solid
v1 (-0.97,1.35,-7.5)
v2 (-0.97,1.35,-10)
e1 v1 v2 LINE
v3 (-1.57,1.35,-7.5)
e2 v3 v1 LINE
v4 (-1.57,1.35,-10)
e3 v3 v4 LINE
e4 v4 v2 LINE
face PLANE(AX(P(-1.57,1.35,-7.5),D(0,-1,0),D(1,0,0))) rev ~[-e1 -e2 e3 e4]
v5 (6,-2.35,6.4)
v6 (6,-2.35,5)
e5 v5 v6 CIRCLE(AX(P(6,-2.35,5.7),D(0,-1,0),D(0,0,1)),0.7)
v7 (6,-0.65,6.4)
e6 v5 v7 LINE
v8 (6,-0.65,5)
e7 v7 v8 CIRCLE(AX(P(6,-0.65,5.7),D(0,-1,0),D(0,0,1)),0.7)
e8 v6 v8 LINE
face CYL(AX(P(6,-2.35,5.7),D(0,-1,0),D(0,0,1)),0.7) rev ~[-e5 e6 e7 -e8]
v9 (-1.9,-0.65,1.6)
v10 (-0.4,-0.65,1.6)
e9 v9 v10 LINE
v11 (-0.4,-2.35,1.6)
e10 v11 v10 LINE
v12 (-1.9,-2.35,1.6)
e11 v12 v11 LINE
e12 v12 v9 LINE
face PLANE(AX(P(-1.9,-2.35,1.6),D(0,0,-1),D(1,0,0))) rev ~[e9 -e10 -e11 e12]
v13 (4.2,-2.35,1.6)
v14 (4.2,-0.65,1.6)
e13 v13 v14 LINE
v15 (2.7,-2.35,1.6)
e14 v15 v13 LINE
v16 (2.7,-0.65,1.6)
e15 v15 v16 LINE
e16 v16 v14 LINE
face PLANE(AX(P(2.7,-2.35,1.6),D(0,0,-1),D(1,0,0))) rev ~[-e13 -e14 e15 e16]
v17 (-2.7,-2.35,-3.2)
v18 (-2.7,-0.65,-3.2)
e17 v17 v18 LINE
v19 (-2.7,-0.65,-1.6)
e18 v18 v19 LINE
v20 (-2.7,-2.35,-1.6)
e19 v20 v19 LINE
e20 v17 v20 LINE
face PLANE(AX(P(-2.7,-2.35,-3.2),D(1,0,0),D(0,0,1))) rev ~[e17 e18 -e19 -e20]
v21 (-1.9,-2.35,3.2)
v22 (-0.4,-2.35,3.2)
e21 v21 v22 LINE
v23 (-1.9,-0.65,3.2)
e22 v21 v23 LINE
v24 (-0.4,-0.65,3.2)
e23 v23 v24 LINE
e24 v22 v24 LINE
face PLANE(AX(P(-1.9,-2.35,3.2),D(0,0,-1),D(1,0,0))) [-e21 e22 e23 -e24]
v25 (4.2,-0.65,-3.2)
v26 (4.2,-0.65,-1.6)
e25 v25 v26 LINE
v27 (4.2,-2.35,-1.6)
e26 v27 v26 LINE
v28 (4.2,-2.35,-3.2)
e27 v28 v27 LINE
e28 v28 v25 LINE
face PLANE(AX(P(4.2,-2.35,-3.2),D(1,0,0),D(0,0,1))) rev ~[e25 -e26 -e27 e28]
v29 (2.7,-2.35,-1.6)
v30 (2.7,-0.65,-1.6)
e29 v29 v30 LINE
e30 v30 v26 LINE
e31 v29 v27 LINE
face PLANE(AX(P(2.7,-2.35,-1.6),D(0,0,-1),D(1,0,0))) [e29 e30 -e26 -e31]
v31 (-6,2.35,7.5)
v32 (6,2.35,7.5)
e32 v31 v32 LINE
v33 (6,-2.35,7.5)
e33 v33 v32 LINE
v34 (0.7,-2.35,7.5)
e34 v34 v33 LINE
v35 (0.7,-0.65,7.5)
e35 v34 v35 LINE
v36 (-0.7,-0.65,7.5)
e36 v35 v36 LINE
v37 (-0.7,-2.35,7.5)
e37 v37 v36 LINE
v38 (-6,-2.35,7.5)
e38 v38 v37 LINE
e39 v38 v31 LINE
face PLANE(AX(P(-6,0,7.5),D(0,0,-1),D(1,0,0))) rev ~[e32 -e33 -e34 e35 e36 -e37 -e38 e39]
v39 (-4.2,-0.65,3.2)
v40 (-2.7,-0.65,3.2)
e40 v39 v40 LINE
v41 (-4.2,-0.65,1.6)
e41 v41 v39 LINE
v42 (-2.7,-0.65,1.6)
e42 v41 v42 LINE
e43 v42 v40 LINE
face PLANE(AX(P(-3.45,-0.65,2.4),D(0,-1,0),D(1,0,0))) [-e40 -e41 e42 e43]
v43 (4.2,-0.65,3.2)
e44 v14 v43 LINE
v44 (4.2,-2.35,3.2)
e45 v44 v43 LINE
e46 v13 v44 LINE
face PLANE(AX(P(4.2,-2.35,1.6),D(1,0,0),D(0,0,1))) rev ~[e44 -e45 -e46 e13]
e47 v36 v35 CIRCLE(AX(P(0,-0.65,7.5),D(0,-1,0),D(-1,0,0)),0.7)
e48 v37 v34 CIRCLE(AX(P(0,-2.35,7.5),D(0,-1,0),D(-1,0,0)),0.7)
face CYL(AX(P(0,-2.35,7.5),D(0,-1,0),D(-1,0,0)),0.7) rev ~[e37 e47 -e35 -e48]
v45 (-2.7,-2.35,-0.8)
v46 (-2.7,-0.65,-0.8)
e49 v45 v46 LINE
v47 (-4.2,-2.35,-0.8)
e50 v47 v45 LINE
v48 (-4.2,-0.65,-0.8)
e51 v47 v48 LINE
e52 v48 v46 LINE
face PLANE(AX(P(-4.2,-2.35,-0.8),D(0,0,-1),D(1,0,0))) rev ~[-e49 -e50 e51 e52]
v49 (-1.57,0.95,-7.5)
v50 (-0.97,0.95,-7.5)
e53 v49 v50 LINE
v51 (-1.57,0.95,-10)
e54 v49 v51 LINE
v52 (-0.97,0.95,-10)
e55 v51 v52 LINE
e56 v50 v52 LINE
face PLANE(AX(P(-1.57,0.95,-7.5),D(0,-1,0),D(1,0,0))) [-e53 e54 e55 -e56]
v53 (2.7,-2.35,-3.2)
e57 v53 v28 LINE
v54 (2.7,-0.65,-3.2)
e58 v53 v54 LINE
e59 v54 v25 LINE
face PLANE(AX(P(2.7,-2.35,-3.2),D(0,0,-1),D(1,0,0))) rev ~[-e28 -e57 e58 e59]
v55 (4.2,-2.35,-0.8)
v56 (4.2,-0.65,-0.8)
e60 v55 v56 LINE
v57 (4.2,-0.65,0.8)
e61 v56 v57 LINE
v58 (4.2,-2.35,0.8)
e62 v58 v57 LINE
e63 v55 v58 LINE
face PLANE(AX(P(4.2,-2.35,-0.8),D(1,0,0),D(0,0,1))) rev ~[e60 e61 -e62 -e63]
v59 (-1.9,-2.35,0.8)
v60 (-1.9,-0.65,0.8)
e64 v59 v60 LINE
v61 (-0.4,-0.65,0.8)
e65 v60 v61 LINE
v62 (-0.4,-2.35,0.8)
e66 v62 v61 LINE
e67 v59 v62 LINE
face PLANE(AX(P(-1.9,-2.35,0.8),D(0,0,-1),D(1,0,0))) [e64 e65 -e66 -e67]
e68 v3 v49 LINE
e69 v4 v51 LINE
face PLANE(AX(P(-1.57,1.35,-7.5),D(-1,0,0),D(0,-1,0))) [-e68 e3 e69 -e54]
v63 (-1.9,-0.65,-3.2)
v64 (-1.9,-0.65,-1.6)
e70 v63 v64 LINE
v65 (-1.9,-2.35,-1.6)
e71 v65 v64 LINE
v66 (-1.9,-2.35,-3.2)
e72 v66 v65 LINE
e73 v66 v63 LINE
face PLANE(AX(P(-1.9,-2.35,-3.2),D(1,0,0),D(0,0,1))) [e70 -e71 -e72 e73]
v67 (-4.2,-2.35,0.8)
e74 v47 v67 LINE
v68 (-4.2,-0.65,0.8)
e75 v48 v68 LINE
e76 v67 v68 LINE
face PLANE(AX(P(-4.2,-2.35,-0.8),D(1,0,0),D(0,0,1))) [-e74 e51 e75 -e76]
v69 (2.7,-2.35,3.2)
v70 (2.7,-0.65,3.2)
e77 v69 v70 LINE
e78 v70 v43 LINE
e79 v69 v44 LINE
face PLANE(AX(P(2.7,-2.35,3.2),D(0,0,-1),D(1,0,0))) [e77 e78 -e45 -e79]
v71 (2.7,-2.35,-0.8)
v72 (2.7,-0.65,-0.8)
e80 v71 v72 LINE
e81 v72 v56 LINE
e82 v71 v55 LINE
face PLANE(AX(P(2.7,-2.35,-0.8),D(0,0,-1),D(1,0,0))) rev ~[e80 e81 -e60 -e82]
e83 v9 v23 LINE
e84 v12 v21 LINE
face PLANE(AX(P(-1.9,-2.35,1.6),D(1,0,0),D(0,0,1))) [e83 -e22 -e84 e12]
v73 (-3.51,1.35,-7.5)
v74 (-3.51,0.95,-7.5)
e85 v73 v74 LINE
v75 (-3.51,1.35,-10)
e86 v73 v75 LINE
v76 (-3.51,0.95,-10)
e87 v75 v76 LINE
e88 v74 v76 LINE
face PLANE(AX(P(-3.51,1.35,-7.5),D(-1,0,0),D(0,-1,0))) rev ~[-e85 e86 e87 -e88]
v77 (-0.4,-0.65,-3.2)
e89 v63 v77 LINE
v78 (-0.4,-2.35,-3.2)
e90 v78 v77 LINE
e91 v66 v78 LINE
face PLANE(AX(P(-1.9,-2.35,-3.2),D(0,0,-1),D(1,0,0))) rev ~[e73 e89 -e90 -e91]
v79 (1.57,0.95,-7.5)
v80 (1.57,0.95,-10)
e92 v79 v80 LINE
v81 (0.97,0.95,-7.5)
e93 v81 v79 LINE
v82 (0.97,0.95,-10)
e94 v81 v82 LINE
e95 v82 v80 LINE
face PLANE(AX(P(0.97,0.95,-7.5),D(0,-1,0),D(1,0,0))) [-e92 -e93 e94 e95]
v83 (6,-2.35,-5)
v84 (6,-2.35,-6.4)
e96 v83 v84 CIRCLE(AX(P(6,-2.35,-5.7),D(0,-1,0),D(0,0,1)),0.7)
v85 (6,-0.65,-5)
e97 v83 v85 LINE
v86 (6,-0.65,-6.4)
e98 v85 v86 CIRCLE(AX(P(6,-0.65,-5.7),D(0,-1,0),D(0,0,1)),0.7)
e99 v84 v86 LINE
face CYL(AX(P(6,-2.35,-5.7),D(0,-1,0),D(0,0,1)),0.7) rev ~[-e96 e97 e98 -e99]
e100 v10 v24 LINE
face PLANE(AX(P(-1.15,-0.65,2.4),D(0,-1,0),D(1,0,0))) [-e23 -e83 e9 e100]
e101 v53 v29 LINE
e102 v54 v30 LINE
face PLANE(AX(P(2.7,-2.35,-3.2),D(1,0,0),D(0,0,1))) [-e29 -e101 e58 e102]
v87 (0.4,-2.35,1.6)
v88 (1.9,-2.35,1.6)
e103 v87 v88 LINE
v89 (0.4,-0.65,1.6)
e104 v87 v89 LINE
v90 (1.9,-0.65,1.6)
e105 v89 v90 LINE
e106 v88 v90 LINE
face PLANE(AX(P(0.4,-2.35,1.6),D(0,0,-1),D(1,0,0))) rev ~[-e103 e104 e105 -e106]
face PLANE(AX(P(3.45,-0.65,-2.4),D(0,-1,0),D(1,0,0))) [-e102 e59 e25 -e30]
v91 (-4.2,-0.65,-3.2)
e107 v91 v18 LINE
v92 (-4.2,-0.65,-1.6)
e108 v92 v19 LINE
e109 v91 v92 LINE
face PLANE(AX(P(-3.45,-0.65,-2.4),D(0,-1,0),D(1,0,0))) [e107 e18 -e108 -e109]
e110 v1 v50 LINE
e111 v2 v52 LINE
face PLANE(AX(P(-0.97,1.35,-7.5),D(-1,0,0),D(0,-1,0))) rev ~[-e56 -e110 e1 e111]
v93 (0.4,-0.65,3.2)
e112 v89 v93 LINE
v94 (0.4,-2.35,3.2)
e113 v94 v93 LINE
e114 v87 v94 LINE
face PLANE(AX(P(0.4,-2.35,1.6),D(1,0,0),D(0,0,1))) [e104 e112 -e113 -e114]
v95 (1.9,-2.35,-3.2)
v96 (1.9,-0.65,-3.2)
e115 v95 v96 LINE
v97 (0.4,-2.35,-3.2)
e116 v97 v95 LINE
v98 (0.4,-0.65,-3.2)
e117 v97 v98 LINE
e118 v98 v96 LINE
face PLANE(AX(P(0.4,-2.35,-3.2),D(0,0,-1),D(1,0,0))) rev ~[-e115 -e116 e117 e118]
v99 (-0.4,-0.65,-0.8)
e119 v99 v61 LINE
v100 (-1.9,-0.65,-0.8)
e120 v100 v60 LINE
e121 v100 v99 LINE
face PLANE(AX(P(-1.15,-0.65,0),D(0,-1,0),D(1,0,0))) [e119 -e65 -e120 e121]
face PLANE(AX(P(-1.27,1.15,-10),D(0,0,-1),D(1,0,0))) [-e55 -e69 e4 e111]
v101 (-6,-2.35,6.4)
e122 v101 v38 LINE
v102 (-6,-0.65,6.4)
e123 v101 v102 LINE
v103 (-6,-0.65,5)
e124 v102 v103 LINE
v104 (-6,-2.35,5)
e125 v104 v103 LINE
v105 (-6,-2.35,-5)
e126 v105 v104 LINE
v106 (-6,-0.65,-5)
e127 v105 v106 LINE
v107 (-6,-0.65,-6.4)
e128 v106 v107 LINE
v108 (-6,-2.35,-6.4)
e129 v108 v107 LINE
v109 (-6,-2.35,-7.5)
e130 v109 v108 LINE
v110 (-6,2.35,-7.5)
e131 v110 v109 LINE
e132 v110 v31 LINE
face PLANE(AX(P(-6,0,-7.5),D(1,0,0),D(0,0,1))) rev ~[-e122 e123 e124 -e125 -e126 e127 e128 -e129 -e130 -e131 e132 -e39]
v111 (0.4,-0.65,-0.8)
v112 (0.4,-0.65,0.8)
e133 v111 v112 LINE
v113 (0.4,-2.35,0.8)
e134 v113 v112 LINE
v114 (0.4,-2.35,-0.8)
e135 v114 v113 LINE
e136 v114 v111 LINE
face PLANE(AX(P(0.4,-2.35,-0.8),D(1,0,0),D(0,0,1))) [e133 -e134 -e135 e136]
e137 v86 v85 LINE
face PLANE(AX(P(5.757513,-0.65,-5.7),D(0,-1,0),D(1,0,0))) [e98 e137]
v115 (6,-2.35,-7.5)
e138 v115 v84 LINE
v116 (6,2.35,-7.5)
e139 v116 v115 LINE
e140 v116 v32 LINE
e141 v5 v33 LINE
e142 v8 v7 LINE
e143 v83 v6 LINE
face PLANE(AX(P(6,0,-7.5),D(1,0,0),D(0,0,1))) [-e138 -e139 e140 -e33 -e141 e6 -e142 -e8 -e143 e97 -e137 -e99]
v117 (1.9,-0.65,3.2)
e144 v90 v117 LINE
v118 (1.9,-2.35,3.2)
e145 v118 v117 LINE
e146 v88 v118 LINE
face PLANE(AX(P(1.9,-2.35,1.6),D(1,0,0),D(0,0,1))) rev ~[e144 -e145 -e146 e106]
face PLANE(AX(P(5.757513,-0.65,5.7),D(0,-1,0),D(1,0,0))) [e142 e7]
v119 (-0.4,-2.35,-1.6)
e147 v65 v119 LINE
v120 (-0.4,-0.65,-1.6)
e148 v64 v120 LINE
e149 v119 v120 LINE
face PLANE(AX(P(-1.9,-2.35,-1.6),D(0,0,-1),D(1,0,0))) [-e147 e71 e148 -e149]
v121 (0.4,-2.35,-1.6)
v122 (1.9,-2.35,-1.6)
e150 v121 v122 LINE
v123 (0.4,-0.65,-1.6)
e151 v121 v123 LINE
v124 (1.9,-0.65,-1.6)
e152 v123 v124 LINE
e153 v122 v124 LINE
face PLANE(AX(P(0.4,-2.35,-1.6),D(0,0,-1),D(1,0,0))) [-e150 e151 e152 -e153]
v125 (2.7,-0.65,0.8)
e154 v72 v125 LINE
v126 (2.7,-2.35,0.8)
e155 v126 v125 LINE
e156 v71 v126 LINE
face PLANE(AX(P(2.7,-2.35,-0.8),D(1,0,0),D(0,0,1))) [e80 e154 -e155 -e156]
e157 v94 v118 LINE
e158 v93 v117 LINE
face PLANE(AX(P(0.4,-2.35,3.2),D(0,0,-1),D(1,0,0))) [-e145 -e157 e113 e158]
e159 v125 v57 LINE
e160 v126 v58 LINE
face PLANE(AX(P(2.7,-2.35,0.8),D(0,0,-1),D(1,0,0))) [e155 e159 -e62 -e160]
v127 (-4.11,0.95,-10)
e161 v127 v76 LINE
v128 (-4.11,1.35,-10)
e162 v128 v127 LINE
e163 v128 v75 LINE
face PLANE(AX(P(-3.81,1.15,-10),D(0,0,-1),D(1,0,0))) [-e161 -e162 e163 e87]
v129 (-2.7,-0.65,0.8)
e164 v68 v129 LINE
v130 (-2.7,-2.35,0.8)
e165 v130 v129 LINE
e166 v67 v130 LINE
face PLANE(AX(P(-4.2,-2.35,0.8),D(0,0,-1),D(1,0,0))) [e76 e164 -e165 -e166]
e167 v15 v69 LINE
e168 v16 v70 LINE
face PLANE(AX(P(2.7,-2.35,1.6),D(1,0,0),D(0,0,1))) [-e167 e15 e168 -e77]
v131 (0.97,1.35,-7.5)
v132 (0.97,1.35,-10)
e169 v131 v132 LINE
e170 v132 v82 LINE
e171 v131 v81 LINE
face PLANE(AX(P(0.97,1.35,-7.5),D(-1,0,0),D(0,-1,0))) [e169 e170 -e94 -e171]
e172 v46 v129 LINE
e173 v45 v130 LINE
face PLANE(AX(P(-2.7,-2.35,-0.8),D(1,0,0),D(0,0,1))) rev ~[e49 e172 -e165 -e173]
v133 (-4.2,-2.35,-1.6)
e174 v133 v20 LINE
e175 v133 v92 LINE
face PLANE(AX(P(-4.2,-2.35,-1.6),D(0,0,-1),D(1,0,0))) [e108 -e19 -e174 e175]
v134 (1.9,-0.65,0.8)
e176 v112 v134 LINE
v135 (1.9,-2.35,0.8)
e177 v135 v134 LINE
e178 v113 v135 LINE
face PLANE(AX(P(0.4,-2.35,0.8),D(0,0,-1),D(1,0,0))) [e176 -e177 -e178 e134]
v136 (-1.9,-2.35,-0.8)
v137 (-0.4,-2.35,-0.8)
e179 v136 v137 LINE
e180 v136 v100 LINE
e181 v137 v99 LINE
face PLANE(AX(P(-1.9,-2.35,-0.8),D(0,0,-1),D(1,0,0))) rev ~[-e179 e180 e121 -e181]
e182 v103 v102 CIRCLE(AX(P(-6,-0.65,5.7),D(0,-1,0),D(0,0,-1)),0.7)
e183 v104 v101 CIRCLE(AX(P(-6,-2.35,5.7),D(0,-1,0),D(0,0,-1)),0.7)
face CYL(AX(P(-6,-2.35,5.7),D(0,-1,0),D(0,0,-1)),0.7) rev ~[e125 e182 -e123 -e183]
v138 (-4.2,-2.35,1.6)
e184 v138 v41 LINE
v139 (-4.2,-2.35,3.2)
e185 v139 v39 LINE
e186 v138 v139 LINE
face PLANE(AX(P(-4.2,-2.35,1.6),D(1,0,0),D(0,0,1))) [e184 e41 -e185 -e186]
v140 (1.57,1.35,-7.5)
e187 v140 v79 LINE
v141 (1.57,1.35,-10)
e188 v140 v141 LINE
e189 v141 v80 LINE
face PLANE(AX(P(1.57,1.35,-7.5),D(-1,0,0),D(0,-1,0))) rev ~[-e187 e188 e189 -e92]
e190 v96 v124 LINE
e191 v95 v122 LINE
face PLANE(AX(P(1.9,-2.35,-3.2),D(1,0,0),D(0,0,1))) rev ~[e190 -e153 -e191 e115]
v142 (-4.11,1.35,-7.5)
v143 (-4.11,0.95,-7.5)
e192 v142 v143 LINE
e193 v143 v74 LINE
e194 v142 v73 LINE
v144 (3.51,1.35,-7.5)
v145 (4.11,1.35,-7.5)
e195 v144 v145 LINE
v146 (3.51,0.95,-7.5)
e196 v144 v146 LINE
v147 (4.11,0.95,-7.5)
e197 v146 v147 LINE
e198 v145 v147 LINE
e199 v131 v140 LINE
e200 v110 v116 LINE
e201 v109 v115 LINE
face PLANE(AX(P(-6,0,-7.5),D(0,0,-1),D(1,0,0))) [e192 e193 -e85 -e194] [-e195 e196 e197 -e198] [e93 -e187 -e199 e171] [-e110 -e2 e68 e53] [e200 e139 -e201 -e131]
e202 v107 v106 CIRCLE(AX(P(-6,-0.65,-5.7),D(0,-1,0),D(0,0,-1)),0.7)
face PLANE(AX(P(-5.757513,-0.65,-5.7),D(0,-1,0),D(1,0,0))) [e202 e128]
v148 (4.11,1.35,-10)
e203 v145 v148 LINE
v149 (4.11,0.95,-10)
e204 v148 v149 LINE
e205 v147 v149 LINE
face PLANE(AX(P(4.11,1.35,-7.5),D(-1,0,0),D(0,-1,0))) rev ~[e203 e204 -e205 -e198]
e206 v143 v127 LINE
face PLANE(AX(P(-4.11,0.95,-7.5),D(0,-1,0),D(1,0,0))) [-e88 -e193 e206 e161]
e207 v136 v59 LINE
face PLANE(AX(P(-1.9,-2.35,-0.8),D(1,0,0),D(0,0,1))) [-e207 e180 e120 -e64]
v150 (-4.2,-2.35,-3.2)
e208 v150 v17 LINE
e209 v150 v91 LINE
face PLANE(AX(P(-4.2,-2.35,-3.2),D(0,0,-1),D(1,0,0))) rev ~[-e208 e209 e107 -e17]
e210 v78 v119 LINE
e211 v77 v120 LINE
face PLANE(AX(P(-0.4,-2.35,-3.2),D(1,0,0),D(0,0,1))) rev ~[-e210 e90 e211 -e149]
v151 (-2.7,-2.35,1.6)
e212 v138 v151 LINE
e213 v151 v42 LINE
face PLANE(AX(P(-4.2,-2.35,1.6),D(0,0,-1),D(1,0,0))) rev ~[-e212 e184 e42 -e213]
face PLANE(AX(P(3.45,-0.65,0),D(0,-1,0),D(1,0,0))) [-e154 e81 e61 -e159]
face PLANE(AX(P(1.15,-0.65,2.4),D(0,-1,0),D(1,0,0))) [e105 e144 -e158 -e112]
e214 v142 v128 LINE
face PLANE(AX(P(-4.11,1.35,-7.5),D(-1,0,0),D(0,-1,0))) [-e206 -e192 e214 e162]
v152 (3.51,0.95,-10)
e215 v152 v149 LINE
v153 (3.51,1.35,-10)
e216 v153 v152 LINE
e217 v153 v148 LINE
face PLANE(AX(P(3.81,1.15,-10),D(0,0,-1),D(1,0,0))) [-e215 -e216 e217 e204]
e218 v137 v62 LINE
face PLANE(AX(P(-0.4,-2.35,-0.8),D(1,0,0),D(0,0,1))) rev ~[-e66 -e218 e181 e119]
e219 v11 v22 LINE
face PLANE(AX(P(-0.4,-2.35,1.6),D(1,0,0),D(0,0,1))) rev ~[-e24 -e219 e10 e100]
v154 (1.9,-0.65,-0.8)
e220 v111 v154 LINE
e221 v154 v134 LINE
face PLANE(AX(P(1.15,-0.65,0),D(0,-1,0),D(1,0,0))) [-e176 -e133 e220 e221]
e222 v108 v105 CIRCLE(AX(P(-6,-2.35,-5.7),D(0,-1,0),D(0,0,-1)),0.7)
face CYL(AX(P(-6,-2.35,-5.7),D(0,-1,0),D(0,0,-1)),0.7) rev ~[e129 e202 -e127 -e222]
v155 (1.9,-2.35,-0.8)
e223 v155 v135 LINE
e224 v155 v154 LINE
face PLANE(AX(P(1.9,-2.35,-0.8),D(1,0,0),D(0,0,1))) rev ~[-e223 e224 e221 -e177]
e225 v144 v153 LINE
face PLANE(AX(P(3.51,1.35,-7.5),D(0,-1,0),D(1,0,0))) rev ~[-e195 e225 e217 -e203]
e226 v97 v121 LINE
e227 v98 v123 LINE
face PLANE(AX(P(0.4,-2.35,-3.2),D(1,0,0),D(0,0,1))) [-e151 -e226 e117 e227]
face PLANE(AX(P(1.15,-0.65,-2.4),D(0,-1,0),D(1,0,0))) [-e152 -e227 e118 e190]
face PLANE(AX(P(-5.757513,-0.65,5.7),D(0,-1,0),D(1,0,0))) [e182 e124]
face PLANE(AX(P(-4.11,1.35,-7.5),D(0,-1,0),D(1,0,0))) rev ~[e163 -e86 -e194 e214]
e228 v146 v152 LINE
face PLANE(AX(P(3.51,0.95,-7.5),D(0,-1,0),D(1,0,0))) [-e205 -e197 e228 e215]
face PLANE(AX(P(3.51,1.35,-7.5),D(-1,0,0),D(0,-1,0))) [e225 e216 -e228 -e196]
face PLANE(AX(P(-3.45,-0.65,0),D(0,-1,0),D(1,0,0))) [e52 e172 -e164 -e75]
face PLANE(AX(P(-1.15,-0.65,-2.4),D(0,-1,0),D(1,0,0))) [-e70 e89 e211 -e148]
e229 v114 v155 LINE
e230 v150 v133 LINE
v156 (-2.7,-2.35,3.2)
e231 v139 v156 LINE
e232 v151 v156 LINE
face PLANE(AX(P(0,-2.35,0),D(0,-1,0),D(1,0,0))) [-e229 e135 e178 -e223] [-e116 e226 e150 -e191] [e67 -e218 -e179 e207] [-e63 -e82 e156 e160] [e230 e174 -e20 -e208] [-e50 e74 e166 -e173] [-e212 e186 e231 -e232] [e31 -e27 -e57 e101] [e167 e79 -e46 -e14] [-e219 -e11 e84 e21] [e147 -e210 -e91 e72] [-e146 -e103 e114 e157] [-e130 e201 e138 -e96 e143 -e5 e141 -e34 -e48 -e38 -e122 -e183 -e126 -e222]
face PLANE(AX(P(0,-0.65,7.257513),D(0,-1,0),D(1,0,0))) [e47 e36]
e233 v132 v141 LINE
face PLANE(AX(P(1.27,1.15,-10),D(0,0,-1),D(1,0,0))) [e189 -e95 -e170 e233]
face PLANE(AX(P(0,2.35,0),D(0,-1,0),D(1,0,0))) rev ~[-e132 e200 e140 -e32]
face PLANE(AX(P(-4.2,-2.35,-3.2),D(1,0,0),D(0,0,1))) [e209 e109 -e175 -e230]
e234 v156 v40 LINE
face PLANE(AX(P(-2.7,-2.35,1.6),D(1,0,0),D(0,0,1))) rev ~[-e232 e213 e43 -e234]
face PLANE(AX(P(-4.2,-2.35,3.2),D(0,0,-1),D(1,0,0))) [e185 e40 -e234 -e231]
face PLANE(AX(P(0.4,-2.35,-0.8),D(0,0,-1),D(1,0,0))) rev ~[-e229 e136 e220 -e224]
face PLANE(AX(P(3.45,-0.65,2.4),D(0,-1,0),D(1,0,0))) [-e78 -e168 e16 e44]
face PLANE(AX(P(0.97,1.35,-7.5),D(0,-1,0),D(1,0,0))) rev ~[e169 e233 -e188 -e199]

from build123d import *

# Parameters (mm, degrees)
F0_W     = 12
F0_H     = 15
F1_DEPTH = 2.35
F2_W     = 1.5
F2_H     = 1.6
F3_DEPTH = 1.7
F4_W     = 0.6
F4_H     = 0.4
F5_DEPTH = 2.5


with BuildPart() as f1:
    # F0 (on Front) → F1 (new body, symmetric)
    with BuildSketch(Plane.XZ):
        Rectangle(F0_W, F0_H)
    extrude(amount=F1_DEPTH, both=True)

    # F2 (on face) → F3 (cut)
    with BuildSketch(Plane.XZ.offset(2.35)):
        with BuildLine():
            Line((-6, 6.4), (-6, 5))
            ThreePointArc((-6, 5), (-5.3, 5.7), (-6, 6.4))
        make_face()
        with Locations((-3.45, 2.4)):
            Rectangle(F2_W, F2_H)
        with Locations((-1.15, 2.4)):
            Rectangle(F2_W, F2_H)
        with Locations((1.15, 2.4)):
            Rectangle(F2_W, F2_H)
        with Locations((3.45, 2.4)):
            Rectangle(F2_W, F2_H)
        with Locations((3.45, 0)):
            Rectangle(F2_W, F2_H)
        with Locations((1.15, 0)):
            Rectangle(F2_W, F2_H)
        with Locations((-1.15, 0)):
            Rectangle(F2_W, F2_H)
        with Locations((-3.45, 0)):
            Rectangle(F2_W, F2_H)
        with Locations((-3.45, -2.4)):
            Rectangle(F2_W, F2_H)
        with Locations((-1.15, -2.4)):
            Rectangle(F2_W, F2_H)
        with Locations((1.15, -2.4)):
            Rectangle(F2_W, F2_H)
        with Locations((3.45, -2.4)):
            Rectangle(F2_W, F2_H)
        with BuildLine():
            Line((6, -6.4), (6, -5))
            ThreePointArc((6, -5), (5.3, -5.7), (6, -6.4))
        make_face()
        with BuildLine():
            Line((-6, -5), (-6, -6.4))
            ThreePointArc((-6, -6.4), (-5.3, -5.7), (-6, -5))
        make_face()
        with BuildLine():
            ThreePointArc((6, 6.4), (5.3, 5.7), (6, 5))
            Line((6, 5), (6, 6.4))
        make_face()
        with BuildLine():
            ThreePointArc((-0.7, 7.5), (0, 6.8), (0.7, 7.5))
            Line((0.7, 7.5), (-0.7, 7.5))
        make_face()
    extrude(amount=-F3_DEPTH, mode=Mode.SUBTRACT)

    # F4 (on face) → F5 (join)
    with BuildSketch(Plane(origin=(0, 0, -7.5), x_dir=(1, 0, 0), z_dir=(0, 0, -1))):
        with Locations((-3.81, -1.15)):
            Rectangle(F4_W, F4_H)
        with Locations((-1.27, -1.15)):
            Rectangle(F4_W, F4_H)
        with Locations((1.27, -1.15)):
            Rectangle(F4_W, F4_H)
        with Locations((3.81, -1.15)):
            Rectangle(F4_W, F4_H)
    extrude(amount=F5_DEPTH)


solid = f1.part
